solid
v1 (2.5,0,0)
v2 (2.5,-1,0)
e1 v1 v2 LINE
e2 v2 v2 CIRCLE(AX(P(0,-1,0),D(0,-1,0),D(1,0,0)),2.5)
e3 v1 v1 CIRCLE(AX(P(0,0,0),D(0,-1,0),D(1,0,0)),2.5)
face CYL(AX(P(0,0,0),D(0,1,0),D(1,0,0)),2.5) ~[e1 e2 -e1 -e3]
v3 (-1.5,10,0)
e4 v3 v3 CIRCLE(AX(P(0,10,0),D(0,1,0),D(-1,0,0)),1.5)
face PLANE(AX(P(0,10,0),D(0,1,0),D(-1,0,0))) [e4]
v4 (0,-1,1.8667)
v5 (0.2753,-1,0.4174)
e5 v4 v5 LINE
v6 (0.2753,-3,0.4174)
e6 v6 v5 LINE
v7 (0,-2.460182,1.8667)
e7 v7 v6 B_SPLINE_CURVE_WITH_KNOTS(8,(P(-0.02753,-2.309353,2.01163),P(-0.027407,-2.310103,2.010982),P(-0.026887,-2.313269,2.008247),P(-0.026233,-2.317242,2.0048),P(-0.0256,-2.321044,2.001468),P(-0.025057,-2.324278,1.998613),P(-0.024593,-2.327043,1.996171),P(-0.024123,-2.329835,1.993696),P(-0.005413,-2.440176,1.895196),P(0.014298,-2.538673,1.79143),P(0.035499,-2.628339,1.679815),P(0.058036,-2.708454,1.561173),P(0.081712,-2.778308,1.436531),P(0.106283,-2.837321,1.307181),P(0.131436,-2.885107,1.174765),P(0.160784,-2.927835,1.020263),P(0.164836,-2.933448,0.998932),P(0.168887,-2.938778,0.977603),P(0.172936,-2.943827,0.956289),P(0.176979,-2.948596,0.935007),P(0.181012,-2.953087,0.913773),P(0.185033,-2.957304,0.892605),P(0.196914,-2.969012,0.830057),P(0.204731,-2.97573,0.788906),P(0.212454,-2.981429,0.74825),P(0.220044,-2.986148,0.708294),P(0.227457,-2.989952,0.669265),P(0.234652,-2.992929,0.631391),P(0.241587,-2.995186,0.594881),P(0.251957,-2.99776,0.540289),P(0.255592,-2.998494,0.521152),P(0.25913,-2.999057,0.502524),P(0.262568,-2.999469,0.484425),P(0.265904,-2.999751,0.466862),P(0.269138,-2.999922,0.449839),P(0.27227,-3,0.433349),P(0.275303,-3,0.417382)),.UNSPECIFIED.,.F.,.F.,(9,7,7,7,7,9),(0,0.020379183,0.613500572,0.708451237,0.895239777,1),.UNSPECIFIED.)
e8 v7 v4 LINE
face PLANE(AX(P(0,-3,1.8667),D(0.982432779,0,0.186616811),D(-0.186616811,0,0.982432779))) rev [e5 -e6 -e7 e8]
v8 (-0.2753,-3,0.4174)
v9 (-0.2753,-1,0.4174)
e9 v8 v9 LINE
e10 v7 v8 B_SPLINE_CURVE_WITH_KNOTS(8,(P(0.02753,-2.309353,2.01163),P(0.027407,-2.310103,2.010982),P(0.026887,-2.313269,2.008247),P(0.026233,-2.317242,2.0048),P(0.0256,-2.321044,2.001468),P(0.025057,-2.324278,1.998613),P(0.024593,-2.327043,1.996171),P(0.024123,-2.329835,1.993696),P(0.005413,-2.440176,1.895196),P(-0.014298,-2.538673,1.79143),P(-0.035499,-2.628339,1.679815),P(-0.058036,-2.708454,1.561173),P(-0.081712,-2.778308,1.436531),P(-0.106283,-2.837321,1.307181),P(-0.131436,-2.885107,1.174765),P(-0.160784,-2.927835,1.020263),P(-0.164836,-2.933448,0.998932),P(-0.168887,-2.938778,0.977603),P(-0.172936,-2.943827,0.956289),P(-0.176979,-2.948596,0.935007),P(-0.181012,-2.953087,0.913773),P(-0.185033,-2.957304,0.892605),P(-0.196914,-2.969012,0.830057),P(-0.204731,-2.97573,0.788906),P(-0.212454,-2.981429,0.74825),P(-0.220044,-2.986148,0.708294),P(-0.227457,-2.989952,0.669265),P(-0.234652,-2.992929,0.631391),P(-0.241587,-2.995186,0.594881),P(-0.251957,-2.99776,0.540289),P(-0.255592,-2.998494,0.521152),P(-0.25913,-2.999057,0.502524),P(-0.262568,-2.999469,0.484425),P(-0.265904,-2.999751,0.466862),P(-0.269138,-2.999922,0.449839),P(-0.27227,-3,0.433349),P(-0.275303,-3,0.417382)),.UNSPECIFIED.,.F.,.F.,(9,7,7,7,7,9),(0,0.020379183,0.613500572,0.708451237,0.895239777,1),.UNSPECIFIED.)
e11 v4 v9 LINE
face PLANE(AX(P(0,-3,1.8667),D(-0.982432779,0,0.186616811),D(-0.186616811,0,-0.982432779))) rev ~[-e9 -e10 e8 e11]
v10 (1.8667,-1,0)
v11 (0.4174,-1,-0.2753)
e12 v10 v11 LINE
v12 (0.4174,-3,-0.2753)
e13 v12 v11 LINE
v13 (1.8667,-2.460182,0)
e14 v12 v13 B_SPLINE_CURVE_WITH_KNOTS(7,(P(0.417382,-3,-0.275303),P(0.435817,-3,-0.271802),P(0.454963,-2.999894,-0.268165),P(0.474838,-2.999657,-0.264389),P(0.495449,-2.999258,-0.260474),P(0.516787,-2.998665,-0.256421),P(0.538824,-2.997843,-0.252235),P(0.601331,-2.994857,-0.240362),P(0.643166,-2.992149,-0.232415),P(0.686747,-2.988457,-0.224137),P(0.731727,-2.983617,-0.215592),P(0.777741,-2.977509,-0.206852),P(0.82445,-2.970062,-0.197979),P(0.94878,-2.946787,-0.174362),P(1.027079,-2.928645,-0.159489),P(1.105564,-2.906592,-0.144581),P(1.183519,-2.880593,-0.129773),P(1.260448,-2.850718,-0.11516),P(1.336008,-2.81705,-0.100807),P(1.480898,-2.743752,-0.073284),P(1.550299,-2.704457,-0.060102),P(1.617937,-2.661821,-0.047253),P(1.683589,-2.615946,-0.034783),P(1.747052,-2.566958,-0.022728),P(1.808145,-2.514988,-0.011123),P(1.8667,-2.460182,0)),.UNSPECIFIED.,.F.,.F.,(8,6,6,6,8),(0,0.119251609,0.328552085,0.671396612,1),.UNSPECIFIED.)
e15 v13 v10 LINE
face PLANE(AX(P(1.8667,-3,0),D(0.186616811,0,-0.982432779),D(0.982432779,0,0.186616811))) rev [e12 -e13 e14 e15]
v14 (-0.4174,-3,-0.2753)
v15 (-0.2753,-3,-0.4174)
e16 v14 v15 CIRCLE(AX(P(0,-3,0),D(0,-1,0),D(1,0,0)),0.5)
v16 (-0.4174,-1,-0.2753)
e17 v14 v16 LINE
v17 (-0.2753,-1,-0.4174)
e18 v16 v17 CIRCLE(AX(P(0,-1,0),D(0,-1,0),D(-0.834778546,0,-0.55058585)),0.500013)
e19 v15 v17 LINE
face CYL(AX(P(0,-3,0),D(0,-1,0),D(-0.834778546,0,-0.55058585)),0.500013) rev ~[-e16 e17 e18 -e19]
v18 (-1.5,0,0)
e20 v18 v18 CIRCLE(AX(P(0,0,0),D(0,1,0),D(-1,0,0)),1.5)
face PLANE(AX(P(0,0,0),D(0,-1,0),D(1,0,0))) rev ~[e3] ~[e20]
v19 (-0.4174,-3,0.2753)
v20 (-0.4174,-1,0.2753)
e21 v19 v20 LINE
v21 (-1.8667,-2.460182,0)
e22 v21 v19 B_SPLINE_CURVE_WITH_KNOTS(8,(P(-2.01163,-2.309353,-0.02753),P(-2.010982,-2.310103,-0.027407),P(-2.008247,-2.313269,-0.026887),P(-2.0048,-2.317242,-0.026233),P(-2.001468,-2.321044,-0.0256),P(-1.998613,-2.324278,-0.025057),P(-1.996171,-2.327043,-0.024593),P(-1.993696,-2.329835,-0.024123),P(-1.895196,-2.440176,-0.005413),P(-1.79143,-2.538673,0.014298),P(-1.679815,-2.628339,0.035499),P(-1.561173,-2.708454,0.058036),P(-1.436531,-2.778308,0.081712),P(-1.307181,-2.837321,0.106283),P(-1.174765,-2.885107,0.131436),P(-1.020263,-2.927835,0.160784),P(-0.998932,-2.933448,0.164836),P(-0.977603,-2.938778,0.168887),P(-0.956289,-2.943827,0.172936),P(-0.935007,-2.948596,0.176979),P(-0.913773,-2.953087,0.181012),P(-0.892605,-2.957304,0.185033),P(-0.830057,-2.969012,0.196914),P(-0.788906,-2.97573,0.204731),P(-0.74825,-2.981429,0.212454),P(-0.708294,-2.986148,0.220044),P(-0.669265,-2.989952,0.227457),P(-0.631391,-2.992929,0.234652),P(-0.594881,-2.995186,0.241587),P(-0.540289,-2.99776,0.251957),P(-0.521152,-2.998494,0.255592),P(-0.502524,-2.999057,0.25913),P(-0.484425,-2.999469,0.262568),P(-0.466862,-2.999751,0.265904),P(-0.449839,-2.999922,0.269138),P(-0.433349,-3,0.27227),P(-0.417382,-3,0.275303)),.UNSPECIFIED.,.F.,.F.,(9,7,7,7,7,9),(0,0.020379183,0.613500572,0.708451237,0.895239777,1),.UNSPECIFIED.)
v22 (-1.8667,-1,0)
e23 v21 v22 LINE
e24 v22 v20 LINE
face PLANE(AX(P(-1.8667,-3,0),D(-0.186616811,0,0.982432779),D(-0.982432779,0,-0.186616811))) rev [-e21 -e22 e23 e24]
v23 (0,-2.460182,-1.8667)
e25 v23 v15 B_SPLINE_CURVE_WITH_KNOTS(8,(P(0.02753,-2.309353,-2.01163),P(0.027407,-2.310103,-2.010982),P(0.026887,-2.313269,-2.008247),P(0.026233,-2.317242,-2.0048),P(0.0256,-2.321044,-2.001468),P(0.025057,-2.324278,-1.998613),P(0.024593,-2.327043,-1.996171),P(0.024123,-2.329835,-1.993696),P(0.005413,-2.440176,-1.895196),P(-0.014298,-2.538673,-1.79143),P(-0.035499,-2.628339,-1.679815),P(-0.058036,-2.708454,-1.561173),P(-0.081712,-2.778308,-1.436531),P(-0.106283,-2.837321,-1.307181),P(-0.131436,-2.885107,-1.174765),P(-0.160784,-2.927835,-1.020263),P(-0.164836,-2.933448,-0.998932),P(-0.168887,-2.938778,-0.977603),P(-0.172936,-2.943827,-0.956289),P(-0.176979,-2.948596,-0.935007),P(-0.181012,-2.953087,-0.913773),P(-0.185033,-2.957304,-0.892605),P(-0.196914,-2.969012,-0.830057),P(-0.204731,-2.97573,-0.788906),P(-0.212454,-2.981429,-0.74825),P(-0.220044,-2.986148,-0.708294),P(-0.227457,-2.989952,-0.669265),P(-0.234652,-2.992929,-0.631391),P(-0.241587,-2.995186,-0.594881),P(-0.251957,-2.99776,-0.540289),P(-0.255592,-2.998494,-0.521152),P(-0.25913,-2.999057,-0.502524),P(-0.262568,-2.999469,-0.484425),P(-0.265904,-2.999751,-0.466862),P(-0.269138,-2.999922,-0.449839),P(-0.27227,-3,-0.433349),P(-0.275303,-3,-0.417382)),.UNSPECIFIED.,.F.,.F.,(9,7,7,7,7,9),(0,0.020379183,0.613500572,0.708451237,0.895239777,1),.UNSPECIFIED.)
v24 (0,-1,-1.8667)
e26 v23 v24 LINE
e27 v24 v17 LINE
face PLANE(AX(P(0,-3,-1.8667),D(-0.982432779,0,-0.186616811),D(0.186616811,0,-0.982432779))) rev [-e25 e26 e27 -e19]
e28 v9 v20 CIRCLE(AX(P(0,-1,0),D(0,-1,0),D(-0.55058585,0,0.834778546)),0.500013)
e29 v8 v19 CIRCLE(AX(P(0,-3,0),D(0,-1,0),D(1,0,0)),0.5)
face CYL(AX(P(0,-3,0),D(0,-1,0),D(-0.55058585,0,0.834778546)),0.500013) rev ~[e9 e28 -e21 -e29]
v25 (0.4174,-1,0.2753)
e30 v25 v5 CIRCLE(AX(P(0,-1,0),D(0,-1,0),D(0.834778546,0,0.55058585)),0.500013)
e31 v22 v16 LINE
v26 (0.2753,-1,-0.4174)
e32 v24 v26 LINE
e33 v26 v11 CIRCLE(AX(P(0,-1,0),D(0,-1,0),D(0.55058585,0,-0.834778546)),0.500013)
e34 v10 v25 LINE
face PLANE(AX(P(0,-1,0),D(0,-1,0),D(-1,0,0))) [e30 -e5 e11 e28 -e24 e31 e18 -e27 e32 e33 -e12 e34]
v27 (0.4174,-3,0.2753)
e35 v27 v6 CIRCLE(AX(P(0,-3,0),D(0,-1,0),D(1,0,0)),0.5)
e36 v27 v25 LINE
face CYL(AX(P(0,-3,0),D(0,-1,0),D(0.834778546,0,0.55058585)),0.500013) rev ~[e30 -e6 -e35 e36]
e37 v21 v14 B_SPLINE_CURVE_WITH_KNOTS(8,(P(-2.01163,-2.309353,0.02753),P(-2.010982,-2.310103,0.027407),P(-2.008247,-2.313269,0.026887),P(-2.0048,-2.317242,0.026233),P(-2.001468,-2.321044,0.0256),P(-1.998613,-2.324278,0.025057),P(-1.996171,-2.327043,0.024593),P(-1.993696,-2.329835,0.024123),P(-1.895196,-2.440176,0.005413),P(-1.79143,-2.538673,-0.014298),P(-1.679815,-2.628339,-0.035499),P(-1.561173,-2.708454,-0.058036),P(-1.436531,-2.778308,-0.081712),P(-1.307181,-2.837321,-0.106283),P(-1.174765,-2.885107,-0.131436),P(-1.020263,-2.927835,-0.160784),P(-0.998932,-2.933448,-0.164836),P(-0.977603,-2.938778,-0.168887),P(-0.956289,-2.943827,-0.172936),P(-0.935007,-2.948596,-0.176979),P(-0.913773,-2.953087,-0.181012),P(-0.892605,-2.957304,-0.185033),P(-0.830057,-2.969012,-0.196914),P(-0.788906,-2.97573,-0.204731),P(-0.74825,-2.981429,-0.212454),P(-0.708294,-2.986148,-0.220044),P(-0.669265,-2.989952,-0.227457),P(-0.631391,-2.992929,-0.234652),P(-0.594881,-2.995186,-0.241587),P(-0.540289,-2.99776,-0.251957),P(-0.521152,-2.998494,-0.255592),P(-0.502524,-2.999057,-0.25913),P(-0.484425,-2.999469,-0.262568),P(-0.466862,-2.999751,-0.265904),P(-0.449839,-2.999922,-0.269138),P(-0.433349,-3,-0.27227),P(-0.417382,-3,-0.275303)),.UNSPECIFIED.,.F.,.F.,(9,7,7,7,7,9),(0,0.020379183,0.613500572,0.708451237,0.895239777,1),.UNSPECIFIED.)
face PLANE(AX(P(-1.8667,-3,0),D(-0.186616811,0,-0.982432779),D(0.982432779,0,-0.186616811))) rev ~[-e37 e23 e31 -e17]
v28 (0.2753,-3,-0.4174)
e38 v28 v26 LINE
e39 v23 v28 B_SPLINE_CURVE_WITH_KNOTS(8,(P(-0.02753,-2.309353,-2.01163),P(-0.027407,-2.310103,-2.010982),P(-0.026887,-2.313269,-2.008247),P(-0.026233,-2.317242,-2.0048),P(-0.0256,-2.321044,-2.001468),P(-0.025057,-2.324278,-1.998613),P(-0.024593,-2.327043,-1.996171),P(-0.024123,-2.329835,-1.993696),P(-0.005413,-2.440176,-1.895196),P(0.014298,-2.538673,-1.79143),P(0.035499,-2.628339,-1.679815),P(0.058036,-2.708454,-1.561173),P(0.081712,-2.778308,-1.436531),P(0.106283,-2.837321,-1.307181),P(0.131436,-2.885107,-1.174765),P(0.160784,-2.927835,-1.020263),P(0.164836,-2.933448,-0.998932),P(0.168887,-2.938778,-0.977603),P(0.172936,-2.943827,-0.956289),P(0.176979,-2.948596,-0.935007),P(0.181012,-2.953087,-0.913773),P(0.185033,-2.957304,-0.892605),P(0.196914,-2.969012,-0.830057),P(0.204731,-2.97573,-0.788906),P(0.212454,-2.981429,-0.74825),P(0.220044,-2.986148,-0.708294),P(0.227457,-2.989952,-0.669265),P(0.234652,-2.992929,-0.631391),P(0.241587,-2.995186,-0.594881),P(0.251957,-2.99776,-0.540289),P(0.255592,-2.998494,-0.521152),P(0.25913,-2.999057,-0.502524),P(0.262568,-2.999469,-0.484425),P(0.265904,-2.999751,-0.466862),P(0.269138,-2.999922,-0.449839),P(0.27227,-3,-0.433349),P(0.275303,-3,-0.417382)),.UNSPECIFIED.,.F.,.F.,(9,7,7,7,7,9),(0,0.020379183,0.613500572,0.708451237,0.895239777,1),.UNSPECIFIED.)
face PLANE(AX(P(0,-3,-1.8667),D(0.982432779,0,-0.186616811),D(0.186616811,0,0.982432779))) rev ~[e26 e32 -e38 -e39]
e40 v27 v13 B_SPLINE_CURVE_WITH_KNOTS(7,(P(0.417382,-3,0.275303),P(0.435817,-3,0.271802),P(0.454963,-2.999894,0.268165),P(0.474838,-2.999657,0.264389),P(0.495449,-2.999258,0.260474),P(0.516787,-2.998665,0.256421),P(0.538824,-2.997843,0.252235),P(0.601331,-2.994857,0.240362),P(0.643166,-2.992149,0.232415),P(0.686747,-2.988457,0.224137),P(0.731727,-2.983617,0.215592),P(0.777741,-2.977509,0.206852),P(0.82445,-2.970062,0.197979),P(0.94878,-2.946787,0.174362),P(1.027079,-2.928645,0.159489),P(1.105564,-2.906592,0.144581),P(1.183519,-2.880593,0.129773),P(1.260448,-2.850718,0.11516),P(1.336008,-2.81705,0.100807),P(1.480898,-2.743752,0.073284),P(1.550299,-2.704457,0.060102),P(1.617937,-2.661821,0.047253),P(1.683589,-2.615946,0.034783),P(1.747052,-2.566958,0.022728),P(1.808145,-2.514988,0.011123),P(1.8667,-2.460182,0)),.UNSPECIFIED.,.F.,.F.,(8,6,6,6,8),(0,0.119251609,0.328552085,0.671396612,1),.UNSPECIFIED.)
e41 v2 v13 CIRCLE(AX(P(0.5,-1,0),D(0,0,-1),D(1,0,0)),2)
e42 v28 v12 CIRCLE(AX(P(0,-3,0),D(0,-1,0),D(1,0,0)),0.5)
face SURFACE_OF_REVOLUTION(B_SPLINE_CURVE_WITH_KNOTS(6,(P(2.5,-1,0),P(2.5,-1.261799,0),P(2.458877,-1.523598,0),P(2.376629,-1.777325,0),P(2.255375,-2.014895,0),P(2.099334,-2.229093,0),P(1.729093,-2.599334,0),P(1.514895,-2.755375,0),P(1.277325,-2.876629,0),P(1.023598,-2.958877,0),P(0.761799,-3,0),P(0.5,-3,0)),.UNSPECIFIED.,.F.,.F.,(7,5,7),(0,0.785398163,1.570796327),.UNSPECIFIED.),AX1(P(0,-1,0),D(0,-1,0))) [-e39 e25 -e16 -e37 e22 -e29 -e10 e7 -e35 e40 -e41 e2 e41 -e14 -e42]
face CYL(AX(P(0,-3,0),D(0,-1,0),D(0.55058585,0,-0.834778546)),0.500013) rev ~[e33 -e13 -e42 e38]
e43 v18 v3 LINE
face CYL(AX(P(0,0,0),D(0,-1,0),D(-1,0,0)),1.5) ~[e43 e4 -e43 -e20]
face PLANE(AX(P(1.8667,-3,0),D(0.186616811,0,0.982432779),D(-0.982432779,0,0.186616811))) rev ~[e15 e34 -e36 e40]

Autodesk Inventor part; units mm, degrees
ref_plane "YZ Plane" through (0, 0, 0) normal (1, 0, 0) x (0, 1, 0)
ref_plane "XZ Plane" through (0, 0, 0) normal (0, 1, 0) x (-1, 0, 0)
ref_plane "XY Plane" through (0, 0, 0) normal (0, 0, 1) x (1, 0, 0)
sketch "Sketch1" plane through (0, 0, 0) normal (0, 1, 0) x (-1, 0, 0)
  circle A0 centre (0, 0) radius 1.5
  dimension "d0" = 3
extrude "Extrusion1" add sketch "Sketch1" along normal blind 10
sketch "Sketch2" plane through (0, 0, 0) normal (0, -1, 0) x (1, 0, 0)
  circle A0 centre (0, 0) radius 2.5
  dimension "d3" = 5
extrude "Extrusion2" add sketch "Sketch2" along normal blind 3
fillet "Fillet1" radius 2 1 edges at (-2.5, -3, 0)
sketch "Sketch3" plane through (0, -3, 0) normal (0, -1, 0) x (1, 0, 0)
  circle A0 centre (0, 0) radius 0.5 projected
  line L0 (-1.8667, 0) -> (-0.4174, -0.2753)
  circle A1 centre (0, 0) radius 0.5 projected
  line L1 (-1.8667, 0) -> (-0.5, 0)
  dimension "d9" = 0
extrude "Extrusion3" cut sketch "Sketch3" against normal blind 2 contours A0 L0 L1
mirror "Mirror1" about plane through (0, 0, 0) normal (0, 0, 1) of "Extrusion3"
pattern_circular "Circular Pattern1" count 4 over 360 about axis through (0, -1, 0) along (0, -1, 0) of "Extrusion3", "Mirror1"
sketch "Sketch4" plane through (0, -3, 0) normal (0, -1, 0) x (1, 0, 0)
  arc A0 (-0.4174, 0.2753) -> (-0.4174, -0.2753) centre (0, 0) ccw projected
  arc A1 (-0.4174, -0.2753) -> (-0.2753, -0.4174) centre (0, 0) ccw projected
  arc A2 (-0.2753, -0.4174) -> (0.2753, -0.4174) centre (0, 0) ccw projected
  arc A3 (0.2753, -0.4174) -> (0.4174, -0.2753) centre (0, 0) ccw projected
  arc A4 (0.4174, -0.2753) -> (0.4174, 0.2753) centre (0, 0) ccw projected
  arc A5 (0.4174, 0.2753) -> (0.2753, 0.4174) centre (0, 0) ccw projected
  arc A6 (0.2753, 0.4174) -> (-0.2753, 0.4174) centre (0, 0) ccw projected
  arc A7 (-0.2753, 0.4174) -> (-0.4174, 0.2753) centre (0, 0) ccw projected
extrude "Extrusion4" cut sketch "Sketch4" against normal up to surface (2 mm away)
